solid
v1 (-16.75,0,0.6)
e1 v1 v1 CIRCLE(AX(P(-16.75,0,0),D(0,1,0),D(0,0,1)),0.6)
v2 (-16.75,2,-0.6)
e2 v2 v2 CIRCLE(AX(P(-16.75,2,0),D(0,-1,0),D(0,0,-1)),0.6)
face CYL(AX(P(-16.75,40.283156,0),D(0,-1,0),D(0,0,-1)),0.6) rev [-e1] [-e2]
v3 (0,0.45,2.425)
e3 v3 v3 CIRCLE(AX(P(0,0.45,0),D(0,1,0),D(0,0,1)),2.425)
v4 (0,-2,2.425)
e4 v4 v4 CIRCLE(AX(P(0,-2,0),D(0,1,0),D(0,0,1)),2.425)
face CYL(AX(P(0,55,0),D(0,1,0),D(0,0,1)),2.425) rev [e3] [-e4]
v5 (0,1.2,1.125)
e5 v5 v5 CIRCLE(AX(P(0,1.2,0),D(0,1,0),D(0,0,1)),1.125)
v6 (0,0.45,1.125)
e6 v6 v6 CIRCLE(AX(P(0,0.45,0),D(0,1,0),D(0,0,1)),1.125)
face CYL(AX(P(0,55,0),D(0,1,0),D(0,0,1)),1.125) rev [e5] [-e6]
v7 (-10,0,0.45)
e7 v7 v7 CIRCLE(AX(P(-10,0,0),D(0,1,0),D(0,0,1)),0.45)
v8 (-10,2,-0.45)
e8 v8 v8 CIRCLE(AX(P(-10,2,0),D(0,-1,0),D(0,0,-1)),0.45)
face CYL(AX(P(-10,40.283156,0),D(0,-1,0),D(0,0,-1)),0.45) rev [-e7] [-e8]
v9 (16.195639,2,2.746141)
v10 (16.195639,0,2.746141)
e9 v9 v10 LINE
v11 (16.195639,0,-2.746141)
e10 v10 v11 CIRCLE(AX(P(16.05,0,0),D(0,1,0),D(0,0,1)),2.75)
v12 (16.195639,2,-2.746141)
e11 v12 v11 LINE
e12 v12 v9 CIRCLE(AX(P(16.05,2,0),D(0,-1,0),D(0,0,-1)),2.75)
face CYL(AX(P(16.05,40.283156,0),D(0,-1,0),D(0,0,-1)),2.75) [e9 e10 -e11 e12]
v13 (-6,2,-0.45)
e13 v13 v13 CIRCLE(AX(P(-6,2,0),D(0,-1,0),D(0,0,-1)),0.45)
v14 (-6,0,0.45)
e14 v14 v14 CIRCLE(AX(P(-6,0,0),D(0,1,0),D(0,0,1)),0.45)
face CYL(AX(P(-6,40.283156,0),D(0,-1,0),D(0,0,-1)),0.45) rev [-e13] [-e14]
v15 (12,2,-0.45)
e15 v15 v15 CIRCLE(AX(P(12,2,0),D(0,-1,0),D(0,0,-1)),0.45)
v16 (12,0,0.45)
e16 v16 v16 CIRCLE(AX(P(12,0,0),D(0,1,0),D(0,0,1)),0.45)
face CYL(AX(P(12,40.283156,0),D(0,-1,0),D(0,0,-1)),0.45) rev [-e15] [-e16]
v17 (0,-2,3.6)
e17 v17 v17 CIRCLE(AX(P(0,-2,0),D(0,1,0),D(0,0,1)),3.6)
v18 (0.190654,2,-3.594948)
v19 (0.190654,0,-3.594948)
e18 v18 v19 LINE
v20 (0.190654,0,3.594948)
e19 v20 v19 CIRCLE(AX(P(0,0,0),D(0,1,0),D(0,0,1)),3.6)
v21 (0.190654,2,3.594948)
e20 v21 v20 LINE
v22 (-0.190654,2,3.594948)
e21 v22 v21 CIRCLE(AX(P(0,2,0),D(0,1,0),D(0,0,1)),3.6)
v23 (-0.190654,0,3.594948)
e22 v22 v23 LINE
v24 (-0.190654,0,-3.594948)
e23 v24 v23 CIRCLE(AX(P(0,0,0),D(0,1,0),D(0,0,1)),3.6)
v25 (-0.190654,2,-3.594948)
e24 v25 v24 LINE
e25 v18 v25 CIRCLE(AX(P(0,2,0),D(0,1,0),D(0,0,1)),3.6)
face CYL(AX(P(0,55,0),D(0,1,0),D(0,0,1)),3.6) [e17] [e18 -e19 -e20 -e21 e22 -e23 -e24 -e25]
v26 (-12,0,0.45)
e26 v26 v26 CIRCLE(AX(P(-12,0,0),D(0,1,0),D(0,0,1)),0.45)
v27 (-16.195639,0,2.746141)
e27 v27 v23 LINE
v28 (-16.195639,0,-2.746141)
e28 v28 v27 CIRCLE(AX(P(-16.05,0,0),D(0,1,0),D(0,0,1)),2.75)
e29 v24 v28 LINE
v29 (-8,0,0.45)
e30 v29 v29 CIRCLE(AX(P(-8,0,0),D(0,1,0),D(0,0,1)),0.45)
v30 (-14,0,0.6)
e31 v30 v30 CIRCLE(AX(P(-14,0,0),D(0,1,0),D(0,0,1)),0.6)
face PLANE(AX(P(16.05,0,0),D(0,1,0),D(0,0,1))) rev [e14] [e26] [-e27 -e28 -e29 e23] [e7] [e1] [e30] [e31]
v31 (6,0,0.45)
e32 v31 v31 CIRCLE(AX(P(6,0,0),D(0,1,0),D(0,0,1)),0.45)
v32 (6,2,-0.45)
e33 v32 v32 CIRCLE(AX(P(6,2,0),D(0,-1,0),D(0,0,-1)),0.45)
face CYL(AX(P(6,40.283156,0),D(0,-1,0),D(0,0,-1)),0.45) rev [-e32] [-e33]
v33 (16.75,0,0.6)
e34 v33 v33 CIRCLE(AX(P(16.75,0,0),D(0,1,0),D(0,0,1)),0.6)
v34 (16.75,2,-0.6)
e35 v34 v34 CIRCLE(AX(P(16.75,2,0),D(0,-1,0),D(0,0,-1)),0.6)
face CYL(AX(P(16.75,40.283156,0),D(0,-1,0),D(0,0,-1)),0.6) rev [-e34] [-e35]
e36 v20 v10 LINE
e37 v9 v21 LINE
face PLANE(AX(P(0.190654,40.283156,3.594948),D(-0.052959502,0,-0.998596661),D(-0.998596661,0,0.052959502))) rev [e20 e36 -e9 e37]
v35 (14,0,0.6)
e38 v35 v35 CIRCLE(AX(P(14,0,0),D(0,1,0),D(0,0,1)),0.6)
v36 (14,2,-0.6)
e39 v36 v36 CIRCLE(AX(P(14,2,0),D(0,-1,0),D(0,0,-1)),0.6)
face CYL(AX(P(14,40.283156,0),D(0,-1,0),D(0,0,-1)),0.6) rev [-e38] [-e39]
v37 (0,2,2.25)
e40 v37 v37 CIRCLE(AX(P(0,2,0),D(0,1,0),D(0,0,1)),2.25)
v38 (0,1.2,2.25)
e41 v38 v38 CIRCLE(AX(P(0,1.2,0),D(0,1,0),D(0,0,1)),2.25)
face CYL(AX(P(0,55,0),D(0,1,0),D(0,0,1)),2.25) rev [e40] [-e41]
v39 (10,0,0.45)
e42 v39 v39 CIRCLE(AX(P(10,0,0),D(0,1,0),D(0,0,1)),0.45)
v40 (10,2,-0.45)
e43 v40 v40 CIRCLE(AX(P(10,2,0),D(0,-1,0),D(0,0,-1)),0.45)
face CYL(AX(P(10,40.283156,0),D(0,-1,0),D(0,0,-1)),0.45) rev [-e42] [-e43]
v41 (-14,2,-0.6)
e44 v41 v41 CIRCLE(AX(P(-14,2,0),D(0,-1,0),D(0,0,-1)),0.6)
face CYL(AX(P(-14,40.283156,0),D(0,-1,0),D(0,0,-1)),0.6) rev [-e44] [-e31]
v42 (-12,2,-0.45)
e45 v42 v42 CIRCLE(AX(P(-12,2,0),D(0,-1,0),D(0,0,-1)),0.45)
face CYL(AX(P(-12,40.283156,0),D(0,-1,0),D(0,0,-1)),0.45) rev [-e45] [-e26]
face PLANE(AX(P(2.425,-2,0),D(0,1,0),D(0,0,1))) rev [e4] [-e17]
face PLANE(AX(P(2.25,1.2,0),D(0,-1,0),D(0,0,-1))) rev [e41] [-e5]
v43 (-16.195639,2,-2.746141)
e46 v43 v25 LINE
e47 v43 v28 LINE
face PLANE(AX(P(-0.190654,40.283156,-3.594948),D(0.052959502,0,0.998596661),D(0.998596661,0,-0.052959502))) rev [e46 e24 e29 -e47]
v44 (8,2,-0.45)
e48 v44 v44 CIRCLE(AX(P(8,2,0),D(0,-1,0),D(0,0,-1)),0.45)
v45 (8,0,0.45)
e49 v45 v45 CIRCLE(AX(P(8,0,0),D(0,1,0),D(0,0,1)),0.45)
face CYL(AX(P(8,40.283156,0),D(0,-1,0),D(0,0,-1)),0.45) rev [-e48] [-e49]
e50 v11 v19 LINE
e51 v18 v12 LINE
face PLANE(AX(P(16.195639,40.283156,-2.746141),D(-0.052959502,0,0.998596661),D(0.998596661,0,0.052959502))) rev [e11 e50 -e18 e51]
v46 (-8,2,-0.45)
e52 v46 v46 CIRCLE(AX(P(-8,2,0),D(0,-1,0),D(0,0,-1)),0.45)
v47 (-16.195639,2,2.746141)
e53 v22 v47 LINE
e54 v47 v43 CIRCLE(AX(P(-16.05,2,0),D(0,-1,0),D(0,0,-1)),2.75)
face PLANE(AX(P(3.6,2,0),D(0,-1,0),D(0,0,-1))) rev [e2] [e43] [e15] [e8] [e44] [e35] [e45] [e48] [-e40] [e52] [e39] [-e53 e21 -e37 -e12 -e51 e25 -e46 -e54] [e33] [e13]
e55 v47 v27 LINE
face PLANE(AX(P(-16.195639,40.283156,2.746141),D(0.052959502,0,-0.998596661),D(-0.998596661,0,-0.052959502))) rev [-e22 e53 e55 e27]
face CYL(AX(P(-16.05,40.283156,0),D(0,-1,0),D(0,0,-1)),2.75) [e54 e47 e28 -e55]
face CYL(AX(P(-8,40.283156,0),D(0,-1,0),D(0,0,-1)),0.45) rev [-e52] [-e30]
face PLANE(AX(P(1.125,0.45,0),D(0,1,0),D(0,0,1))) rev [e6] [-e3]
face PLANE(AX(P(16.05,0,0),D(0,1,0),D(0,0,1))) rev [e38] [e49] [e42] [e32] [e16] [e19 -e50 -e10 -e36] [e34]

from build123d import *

# Parameters (mm, degrees)
SKETCH3_R           = 0.6
SKETCH3_R_2         = 0.45
SKETCH3_R_3         = 2.425
BOSS_EXTRUDE1_DEPTH = 2


with BuildPart() as part:
    # Sketch2 → Revolve1 (revolve)
    with BuildSketch(Plane.XY):
        Polygon((2.25, 2), (2.25, 1.2), (1.125, 1.2), (1.125, 0.45), (2.425, 0.45), (2.425, -2), (3.6, -2), (3.6, 2), align=None)
    revolve(axis=Axis((0, 55, 0), (0, -1, 0)))

    # Sketch3 → Boss-Extrude1 (add)
    with BuildSketch(Plane(origin=(0, 0, 0), x_dir=(1, 0, 0), z_dir=(0, 1, 0))):
        with BuildLine():
            Line((0.190654206, -3.594947979), (16.195638629, -2.746140818))
            ThreePointArc((16.195638629, -2.746140818), (18.8, 0), (16.195638629, 2.746140818))
            Line((16.195638629, 2.746140818), (0.190654206, 3.594947979))
            ThreePointArc((0.190654206, 3.594947979), (0, 3.6), (-0.190654206, 3.594947979))
            Line((-0.190654206, 3.594947979), (-16.195638629, 2.746140818))
            ThreePointArc((-16.195638629, 2.746140818), (-18.8, 0), (-16.195638629, -2.746140818))
            Line((-16.195638629, -2.746140818), (-0.190654206, -3.594947979))
            ThreePointArc((-0.190654206, -3.594947979), (0, -3.6), (0.190654206, -3.594947979))
        make_face()
        with Locations((-16.75, 0)):
            Circle(SKETCH3_R, mode=Mode.SUBTRACT)
        with Locations((16.75, 0)):
            Circle(SKETCH3_R, mode=Mode.SUBTRACT)
        with Locations((-14, 0)):
            Circle(SKETCH3_R, mode=Mode.SUBTRACT)
        with Locations((14, 0)):
            Circle(SKETCH3_R, mode=Mode.SUBTRACT)
        with Locations((-12, 0)):
            Circle(SKETCH3_R_2, mode=Mode.SUBTRACT)
        with Locations((-10, 0)):
            Circle(SKETCH3_R_2, mode=Mode.SUBTRACT)
        with Locations((-8, 0)):
            Circle(SKETCH3_R_2, mode=Mode.SUBTRACT)
        with Locations((-6, 0)):
            Circle(SKETCH3_R_2, mode=Mode.SUBTRACT)
        with Locations((6, 0)):
            Circle(SKETCH3_R_2, mode=Mode.SUBTRACT)
        with Locations((8, 0)):
            Circle(SKETCH3_R_2, mode=Mode.SUBTRACT)
        with Locations((10, 0)):
            Circle(SKETCH3_R_2, mode=Mode.SUBTRACT)
        with Locations((12, 0)):
            Circle(SKETCH3_R_2, mode=Mode.SUBTRACT)
        Circle(SKETCH3_R_3, mode=Mode.SUBTRACT)
    extrude(amount=BOSS_EXTRUDE1_DEPTH)


solid = part.part
